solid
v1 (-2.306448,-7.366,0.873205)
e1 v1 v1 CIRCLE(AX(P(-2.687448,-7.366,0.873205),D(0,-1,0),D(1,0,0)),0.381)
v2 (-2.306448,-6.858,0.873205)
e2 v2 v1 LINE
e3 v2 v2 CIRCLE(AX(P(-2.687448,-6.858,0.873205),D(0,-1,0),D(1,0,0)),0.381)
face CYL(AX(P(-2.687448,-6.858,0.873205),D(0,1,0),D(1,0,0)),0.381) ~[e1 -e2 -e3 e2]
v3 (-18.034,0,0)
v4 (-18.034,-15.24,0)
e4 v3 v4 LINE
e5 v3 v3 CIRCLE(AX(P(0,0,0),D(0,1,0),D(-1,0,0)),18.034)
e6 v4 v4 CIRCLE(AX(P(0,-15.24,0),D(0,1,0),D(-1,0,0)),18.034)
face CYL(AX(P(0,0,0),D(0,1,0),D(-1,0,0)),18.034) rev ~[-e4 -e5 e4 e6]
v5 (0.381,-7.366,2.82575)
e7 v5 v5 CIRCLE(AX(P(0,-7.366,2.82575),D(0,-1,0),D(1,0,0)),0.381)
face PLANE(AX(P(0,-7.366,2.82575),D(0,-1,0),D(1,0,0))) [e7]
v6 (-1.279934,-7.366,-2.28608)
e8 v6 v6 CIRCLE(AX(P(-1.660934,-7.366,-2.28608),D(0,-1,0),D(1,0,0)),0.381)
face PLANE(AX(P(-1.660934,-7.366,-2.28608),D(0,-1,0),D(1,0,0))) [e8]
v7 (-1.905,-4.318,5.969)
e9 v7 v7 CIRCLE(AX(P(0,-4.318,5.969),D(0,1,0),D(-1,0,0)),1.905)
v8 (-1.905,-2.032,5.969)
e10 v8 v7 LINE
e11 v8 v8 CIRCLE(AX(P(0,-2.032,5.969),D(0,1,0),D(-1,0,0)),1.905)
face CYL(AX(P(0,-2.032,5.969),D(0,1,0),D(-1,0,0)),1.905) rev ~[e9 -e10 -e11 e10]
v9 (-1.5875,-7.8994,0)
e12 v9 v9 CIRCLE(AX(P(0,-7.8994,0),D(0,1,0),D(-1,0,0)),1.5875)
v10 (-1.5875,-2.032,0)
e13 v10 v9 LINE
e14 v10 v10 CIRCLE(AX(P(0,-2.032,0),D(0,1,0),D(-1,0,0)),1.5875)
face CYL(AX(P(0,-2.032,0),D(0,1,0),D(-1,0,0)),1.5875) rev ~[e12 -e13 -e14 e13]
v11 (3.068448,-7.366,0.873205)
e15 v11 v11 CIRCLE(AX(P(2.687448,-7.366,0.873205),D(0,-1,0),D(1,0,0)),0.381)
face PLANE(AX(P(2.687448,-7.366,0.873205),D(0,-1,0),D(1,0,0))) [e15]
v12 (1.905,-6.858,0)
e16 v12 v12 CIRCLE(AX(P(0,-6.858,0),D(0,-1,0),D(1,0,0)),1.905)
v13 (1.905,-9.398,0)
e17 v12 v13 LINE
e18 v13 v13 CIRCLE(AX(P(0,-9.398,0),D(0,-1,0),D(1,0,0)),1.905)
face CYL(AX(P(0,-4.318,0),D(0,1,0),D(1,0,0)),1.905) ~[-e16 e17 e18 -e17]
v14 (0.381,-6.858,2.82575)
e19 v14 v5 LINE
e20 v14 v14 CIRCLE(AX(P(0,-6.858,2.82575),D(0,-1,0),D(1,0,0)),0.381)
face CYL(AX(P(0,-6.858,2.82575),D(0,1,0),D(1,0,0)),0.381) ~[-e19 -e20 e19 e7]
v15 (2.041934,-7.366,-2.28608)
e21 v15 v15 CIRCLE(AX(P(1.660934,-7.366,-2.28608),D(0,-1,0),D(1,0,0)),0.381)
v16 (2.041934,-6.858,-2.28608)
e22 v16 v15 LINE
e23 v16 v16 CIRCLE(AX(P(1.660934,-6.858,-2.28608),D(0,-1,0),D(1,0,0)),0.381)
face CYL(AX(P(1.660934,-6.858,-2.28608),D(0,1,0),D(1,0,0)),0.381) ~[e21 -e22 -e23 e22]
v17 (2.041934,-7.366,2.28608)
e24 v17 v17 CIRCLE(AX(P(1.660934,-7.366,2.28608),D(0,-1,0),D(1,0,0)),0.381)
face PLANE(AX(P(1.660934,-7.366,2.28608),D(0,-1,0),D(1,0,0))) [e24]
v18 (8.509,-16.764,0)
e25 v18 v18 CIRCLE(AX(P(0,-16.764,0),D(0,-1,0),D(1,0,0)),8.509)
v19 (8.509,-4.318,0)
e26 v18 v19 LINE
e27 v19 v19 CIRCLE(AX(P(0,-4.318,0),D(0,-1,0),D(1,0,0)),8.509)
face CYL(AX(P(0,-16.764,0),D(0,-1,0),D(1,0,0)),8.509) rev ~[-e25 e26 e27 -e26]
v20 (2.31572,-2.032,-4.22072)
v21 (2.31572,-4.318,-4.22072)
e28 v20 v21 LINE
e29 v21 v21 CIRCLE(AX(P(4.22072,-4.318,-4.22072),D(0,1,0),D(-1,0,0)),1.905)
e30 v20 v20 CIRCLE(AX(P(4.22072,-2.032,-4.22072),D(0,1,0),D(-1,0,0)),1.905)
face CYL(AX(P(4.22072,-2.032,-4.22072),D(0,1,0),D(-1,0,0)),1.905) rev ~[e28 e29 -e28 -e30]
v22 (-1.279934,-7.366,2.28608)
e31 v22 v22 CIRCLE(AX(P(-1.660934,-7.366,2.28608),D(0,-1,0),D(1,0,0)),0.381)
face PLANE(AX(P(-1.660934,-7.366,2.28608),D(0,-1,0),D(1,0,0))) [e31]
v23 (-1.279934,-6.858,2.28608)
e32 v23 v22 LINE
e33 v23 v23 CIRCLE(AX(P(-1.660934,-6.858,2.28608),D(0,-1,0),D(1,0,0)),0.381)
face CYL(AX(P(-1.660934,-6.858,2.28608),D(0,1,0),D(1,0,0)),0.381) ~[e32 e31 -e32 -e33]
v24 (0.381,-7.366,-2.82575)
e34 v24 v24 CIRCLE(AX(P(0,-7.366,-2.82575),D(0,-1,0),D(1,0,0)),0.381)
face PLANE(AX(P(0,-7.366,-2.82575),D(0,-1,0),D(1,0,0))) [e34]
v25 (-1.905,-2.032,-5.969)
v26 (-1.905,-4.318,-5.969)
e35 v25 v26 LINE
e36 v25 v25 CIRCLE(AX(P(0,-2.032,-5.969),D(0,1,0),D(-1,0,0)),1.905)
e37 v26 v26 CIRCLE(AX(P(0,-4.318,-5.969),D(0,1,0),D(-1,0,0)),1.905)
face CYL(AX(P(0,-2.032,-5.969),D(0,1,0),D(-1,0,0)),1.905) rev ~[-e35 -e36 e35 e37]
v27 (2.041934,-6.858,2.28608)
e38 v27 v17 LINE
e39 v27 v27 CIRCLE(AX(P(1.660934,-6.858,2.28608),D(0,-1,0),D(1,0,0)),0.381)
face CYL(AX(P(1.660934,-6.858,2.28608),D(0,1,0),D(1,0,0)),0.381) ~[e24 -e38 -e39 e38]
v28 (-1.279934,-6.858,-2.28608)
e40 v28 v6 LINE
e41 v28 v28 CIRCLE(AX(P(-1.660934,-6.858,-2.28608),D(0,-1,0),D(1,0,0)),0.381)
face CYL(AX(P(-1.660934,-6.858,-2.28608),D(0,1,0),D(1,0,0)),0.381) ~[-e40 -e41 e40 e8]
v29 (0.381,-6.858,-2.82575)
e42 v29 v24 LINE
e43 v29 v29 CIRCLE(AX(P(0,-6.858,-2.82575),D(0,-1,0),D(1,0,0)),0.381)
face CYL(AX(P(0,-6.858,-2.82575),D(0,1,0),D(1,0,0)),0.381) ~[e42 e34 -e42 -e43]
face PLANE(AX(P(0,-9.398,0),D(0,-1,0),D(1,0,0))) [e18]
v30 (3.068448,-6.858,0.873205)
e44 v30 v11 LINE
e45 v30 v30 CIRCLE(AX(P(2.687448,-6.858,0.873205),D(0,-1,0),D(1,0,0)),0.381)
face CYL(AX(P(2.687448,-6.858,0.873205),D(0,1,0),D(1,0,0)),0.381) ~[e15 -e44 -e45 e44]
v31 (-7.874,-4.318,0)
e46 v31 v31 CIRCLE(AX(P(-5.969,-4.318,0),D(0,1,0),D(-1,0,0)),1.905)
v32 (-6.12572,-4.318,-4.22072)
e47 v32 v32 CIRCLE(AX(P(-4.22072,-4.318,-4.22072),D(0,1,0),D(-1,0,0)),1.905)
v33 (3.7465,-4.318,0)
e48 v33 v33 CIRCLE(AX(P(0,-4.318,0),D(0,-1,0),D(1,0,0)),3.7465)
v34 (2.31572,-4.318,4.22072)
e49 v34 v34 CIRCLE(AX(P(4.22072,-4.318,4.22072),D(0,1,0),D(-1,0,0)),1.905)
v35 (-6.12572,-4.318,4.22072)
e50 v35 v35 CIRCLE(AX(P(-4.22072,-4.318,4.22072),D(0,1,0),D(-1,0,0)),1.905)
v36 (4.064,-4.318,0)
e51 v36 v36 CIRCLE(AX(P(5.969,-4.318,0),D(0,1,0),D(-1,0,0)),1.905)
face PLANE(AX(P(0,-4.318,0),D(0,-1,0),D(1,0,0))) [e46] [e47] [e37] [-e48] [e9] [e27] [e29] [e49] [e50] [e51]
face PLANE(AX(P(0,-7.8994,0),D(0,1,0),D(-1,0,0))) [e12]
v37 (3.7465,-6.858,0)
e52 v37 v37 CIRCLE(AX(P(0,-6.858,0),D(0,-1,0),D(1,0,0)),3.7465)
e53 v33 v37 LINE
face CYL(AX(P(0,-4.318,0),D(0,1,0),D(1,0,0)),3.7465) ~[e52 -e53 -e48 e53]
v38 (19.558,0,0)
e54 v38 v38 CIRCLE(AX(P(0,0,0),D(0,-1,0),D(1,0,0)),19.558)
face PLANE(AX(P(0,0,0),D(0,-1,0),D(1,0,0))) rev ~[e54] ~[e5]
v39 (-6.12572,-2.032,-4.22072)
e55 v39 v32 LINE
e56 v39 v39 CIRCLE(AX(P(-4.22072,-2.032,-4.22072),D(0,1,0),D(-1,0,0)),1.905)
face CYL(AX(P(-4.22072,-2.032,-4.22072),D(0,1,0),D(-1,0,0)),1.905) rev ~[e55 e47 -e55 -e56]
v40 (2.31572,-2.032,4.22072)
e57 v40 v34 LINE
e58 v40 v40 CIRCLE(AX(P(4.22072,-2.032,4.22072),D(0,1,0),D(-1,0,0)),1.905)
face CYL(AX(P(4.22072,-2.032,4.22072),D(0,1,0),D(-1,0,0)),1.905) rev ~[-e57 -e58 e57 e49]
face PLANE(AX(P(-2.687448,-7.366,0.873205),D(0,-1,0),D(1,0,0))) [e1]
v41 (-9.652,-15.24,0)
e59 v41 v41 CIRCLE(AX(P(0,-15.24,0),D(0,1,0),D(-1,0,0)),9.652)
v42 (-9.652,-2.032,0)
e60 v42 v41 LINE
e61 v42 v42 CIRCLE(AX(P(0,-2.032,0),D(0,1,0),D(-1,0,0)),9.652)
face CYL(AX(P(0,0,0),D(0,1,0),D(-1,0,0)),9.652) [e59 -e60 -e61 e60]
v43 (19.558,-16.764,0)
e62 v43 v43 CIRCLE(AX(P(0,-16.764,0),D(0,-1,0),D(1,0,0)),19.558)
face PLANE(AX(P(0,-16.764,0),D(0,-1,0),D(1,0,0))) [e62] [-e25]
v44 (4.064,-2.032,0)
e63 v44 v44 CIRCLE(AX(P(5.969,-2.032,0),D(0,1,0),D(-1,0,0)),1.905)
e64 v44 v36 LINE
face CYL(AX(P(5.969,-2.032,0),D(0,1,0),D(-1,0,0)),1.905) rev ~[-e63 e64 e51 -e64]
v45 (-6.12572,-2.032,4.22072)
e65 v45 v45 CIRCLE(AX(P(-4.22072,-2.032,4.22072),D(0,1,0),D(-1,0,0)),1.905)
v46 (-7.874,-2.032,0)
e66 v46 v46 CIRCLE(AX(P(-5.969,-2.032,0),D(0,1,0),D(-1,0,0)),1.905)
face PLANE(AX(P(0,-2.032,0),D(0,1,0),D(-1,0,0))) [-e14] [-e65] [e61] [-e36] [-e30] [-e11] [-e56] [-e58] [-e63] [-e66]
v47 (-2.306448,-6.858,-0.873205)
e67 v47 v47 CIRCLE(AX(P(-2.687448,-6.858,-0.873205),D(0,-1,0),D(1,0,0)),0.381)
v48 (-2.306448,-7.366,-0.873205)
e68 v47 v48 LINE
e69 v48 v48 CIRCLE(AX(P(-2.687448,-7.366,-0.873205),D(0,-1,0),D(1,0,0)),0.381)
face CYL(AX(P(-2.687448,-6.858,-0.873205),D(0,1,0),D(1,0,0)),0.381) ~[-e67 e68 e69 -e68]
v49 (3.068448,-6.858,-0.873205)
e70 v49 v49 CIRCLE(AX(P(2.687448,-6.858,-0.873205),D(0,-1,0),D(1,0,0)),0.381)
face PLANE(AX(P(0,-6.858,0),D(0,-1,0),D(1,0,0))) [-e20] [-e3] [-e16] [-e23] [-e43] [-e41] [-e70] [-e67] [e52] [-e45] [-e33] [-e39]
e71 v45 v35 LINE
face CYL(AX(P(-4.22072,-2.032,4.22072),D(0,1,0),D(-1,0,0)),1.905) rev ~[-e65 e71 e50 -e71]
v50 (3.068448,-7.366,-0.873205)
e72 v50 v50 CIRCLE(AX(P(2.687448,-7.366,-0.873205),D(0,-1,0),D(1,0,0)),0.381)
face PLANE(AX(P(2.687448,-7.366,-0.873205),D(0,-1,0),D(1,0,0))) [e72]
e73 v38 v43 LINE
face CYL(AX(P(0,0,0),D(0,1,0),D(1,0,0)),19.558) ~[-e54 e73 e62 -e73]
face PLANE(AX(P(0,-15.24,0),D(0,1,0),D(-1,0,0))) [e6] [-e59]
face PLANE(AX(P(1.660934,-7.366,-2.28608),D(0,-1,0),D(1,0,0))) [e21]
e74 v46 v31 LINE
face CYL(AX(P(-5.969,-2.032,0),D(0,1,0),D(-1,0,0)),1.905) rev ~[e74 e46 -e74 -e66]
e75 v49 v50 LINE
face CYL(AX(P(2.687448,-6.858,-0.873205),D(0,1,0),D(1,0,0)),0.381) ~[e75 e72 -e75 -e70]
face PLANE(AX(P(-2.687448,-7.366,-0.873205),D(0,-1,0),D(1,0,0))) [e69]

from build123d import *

# Parameters (mm, degrees)
F0_R      = 19.558
F1_DEPTH  = 16.764
F2_R      = 8.509
F3_DEPTH  = 12.446
F4_R      = 18.034
F4_R_2    = 9.652
F5_DEPTH  = 15.24
F6_R      = 9.652
F7_DEPTH  = 2.032
F8_R      = 1.905
F9_DEPTH  = 25.4
F10_R     = 1.905
F11_DEPTH = 5.08
F10_R_2   = 3.7465
F12_DEPTH = 2.54
F13_R     = 0.381
F14_DEPTH = 0.508
F15_R     = 1.5875
F16_DEPTH = 5.8674


with BuildPart() as f1:
    # F0 (on Front) → F1 (new body)
    with BuildSketch(Plane.XZ):
        Circle(F0_R)
    extrude(amount=F1_DEPTH)

    # F2 (on face) → F3 (cut)
    with BuildSketch(Plane.XZ.offset(16.764)):
        Circle(F2_R)
    extrude(amount=-F3_DEPTH, mode=Mode.SUBTRACT)

    # F4 (on face) → F5 (cut)
    with BuildSketch(Plane(origin=(0, 0, 0), x_dir=(-1, 0, 0), z_dir=(0, 1, 0))):
        Circle(F4_R)
        Circle(F4_R_2, mode=Mode.SUBTRACT)
    extrude(amount=-F5_DEPTH, mode=Mode.SUBTRACT)

    # F6 (on face) → F7 (cut)
    with BuildSketch(Plane(origin=(0, 0, 0), x_dir=(-1, 0, 0), z_dir=(0, 1, 0))):
        Circle(F6_R)
    extrude(amount=-F7_DEPTH, mode=Mode.SUBTRACT)

    # F8 (on face) → F9 (cut)
    with BuildSketch(Plane(origin=(0, -2.032, 0), x_dir=(-1, 0, 0), z_dir=(0, 1, 0))):
        with Locations((4.22072, -4.22072)):
            Circle(F8_R)
        with Locations((5.969, 0)):
            Circle(F8_R)
        with Locations((4.22072, 4.22072)):
            Circle(F8_R)
        with Locations((0, 5.969)):
            Circle(F8_R)
        with Locations((-4.22072, 4.22072)):
            Circle(F8_R)
        with Locations((-5.969, 0)):
            Circle(F8_R)
        with Locations((-4.22072, -4.22072)):
            Circle(F8_R)
        with Locations((0, -5.969)):
            Circle(F8_R)
    extrude(amount=-F9_DEPTH, mode=Mode.SUBTRACT)

    # F10 (on face) → F11 (join)
    with BuildSketch(Plane.XZ.offset(4.318)):
        Circle(F10_R)
    extrude(amount=F11_DEPTH)

    # F10 (on face) → F12 (join)
    with BuildSketch(Plane.XZ.offset(4.318)):
        Circle(F10_R_2)
        Circle(F10_R, mode=Mode.SUBTRACT)
    extrude(amount=F12_DEPTH)

    # F13 (on face) → F14 (join)
    with BuildSketch(Plane.XZ.offset(6.858)):
        with Locations((0, 2.82575)):
            Circle(F13_R)
        with Locations((-1.660934, 2.28608)):
            Circle(F13_R)
        with Locations((-2.687448, 0.873205)):
            Circle(F13_R)
        with Locations((-2.687448, -0.873205)):
            Circle(F13_R)
        with Locations((-1.660934, -2.28608)):
            Circle(F13_R)
        with Locations((0, -2.82575)):
            Circle(F13_R)
        with Locations((1.660934, -2.28608)):
            Circle(F13_R)
        with Locations((2.687448, -0.873205)):
            Circle(F13_R)
        with Locations((2.687448, 0.873205)):
            Circle(F13_R)
        with Locations((1.660934, 2.28608)):
            Circle(F13_R)
    extrude(amount=F14_DEPTH)

    # F15 (on face) → F16 (cut)
    with BuildSketch(Plane(origin=(0, -2.032, 0), x_dir=(-1, 0, 0), z_dir=(0, 1, 0))):
        Circle(F15_R)
    extrude(amount=-F16_DEPTH, mode=Mode.SUBTRACT)


solid = f1.part
